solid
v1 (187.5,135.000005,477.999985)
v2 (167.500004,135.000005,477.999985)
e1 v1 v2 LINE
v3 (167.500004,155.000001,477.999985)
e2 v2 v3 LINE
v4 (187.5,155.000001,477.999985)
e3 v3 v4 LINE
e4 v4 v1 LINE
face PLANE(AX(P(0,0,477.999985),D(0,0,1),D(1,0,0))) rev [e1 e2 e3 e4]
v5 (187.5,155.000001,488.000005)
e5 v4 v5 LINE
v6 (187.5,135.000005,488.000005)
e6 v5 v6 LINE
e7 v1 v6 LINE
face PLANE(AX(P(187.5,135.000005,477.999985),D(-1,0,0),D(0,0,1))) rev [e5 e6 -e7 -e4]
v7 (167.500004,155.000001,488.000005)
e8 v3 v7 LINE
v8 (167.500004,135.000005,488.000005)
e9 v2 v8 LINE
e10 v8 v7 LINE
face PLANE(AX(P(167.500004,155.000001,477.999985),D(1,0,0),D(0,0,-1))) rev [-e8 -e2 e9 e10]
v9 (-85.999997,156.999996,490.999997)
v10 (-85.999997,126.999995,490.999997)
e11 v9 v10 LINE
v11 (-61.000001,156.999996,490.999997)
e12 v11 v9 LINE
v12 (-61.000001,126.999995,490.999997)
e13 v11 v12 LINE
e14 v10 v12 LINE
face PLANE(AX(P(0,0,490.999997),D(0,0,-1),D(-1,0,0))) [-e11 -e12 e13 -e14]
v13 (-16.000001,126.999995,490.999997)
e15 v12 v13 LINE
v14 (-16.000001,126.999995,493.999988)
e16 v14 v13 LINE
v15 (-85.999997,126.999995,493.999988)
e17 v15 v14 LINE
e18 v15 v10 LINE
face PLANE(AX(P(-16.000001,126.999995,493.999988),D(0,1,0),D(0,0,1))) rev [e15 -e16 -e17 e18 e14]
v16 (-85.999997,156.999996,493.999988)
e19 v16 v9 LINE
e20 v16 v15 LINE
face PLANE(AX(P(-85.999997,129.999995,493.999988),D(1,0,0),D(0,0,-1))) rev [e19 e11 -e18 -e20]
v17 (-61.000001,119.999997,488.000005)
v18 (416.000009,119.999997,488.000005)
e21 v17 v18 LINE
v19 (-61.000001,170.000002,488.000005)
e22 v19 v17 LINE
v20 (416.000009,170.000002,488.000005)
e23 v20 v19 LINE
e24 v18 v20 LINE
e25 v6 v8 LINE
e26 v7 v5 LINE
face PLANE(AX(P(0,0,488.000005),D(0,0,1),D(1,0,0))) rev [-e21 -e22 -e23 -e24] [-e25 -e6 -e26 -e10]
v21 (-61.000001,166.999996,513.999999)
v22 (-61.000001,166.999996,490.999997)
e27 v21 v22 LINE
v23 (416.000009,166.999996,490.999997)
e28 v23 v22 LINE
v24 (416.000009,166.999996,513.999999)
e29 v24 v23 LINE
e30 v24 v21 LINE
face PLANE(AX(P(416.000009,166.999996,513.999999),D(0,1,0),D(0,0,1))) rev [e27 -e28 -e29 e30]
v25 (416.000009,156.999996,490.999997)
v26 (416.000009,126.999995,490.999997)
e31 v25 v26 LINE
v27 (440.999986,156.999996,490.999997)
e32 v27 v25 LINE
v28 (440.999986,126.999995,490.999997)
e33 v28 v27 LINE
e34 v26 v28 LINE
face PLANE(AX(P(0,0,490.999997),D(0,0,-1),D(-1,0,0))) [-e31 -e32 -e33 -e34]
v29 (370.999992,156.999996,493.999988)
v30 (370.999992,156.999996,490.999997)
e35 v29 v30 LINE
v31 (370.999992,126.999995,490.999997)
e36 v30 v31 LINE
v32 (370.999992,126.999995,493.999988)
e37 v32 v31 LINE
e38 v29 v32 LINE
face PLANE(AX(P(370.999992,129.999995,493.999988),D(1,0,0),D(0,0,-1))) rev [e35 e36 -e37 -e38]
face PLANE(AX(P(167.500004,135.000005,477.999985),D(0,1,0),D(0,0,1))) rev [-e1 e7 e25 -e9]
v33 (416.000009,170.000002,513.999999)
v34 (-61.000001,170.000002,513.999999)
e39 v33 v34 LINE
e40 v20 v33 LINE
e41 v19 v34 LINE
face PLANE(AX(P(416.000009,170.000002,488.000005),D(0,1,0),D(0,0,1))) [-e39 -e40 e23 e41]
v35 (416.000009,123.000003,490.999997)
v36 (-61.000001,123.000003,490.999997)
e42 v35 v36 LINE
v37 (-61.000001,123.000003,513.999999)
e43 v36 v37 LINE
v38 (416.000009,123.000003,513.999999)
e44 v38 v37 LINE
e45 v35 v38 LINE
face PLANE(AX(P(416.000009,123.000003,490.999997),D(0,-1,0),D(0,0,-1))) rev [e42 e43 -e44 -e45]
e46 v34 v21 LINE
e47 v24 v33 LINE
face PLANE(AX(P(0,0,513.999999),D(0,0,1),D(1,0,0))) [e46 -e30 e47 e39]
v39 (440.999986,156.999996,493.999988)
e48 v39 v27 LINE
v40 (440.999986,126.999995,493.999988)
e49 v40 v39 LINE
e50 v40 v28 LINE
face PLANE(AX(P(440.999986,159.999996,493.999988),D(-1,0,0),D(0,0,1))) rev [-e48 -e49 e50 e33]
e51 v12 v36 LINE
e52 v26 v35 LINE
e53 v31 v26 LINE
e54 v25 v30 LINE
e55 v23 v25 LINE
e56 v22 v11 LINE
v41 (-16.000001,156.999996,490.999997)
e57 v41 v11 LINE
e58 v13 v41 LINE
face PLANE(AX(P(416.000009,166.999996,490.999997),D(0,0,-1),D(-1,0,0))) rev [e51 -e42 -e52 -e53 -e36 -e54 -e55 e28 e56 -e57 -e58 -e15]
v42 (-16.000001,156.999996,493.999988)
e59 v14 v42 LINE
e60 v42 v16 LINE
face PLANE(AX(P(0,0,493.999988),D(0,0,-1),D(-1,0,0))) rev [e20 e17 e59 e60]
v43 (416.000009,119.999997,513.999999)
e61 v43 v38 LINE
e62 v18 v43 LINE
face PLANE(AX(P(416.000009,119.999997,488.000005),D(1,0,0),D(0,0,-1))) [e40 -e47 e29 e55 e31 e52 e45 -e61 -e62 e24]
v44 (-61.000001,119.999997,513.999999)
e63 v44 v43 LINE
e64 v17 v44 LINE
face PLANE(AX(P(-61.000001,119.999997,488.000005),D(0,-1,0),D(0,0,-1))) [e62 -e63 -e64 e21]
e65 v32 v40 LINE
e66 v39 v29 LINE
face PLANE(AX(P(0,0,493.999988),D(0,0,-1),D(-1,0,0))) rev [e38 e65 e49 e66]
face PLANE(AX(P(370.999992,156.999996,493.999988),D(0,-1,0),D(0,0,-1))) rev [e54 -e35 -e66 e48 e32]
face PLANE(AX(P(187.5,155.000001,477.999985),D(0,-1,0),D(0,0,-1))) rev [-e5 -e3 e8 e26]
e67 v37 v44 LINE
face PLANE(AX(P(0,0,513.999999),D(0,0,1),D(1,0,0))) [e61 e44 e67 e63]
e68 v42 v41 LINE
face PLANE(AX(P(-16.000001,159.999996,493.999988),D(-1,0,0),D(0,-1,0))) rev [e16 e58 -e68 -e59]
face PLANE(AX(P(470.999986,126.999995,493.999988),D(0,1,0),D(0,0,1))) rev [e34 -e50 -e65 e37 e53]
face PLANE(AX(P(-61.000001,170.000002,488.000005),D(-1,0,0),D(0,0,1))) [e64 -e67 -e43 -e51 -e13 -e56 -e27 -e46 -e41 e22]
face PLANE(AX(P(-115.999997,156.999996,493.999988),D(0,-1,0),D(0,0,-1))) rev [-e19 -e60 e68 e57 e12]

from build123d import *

# Parameters (mm, degrees)
SKETCH1_W           = 477.000009268
SKETCH1_H           = 50.00000447
BOSS_EXTRUDE1_DEPTH = 25.999993086
SKETCH2_W           = 23.000001907
SKETCH2_H           = 43.999992311
CUT_EXTRUDE1_DEPTH  = 722.543490013
SKETCH3_W           = 99.999994039
SKETCH3_H           = 30.000001192
BOSS_EXTRUDE2_DEPTH = 2.999991179
SKETCH4_W           = 99.999995902
SKETCH4_H           = 30.000001192
BOSS_EXTRUDE3_DEPTH = 2.999991179
SKETCH5_W           = 19.999995828
SKETCH5_H           = 19.999995828
BOSS_EXTRUDE4_DEPTH = 10.000020266
MOVE_FACE8_BY       = 30
MOVE_FACE8_2_BY     = 30
MOVE_FACE9_BY       = 5
MOVE_FACE9_2_BY     = 5
MOVE_FACE10_BY      = 5
MOVE_FACE10_2_BY    = 5
MOVE_FACE11_BY      = 2
MOVE_FACE11_2_BY    = 2
MOVE_FACE12_BY      = 2
MOVE_FACE12_2_BY    = 2


with BuildPart() as part:
    # Sketch1 → Boss-Extrude1 (new body)
    with BuildSketch(Plane.XY.offset(513.999998569)):
        with Locations((177.500003949, 144.999999553)):
            Rectangle(SKETCH1_W, SKETCH1_H)
    extrude(amount=-BOSS_EXTRUDE1_DEPTH)

    # Sketch2 → Cut-Extrude1 (cut, through all)
    with BuildSketch(Plane.ZY.offset(61.000000685)):
        with Locations((502.499997616, 144.999999553)):
            Rectangle(SKETCH2_W, SKETCH2_H)
    extrude(amount=-CUT_EXTRUDE1_DEPTH, mode=Mode.SUBTRACT)

    # Sketch3 → Boss-Extrude2 (add)
    with BuildSketch(Plane.XY.offset(490.999996662)):
        with Locations((420.999988914, 144.999995828)):
            Rectangle(SKETCH3_W, SKETCH3_H)
    extrude(amount=BOSS_EXTRUDE2_DEPTH)

    # Sketch4 → Boss-Extrude3 (add)
    with BuildSketch(Plane.XY.offset(490.999996662)):
        with Locations((-65.999998711, 144.999995828)):
            Rectangle(SKETCH4_W, SKETCH4_H)
    extrude(amount=BOSS_EXTRUDE3_DEPTH)

    # Sketch5 → Boss-Extrude4 (add)
    with BuildSketch(Plane(origin=(0, 0, 488.000005484), x_dir=(-1, 0, 0), z_dir=(0, 0, -1))):
        with Locations((-177.500002086, 145.000003278)):
            Rectangle(SKETCH5_W, SKETCH5_H)
    extrude(amount=BOSS_EXTRUDE4_DEPTH)

    # Move Face8: a face moved inward by 30.0
    extrude(part.faces().sort_by_distance((-115.999996662, 144.999995828, 492.499992251))[0], amount=MOVE_FACE8_BY, dir=(1, 0, 0), mode=Mode.SUBTRACT)

    # Move Face8 2: a face moved inward by 30.0
    extrude(part.faces().sort_by_distance((470.999985933, 144.999995828, 492.499992251))[0], amount=MOVE_FACE8_2_BY, dir=(-1, 0, 0), mode=Mode.SUBTRACT)

    # Move Face9: a face moved outward by 5.0
    extrude(part.faces().sort_by_distance((405.999988914, 129.999995232, 492.499992251))[0], amount=MOVE_FACE9_BY, dir=(0, -1, 0))

    # Move Face9 2: a face moved outward by 5.0
    extrude(part.faces().sort_by_distance((-50.999998711, 129.999995232, 492.499992251))[0], amount=MOVE_FACE9_2_BY, dir=(0, -1, 0))

    # Move Face10: a face moved inward by 5.0
    extrude(part.faces().sort_by_distance((-50.999998711, 159.999996424, 492.499992251))[0], amount=MOVE_FACE10_BY, dir=(0, -1, 0), mode=Mode.SUBTRACT)

    # Move Face10 2: a face moved inward by 5.0
    extrude(part.faces().sort_by_distance((405.999988914, 159.999996424, 492.499992251))[0], amount=MOVE_FACE10_2_BY, dir=(0, -1, 0), mode=Mode.SUBTRACT)

    # Move Face11: a face moved outward by 2.0
    extrude(part.faces().sort_by_distance((-50.999998711, 154.999996424, 492.499992251))[0], amount=MOVE_FACE11_BY, dir=(0, 1, 0))

    # Move Face11 2: a face moved outward by 2.0
    extrude(part.faces().sort_by_distance((405.999988914, 154.999996424, 492.499992251))[0], amount=MOVE_FACE11_2_BY, dir=(0, 1, 0))

    # Move Face12: a face moved inward by 2.0
    extrude(part.faces().sort_by_distance((405.999988914, 124.999995232, 492.499992251))[0], amount=MOVE_FACE12_BY, dir=(0, 1, 0), mode=Mode.SUBTRACT)

    # Move Face12 2: a face moved inward by 2.0
    extrude(part.faces().sort_by_distance((-50.999998711, 124.999995232, 492.499992251))[0], amount=MOVE_FACE12_2_BY, dir=(0, 1, 0), mode=Mode.SUBTRACT)


solid = part.part
